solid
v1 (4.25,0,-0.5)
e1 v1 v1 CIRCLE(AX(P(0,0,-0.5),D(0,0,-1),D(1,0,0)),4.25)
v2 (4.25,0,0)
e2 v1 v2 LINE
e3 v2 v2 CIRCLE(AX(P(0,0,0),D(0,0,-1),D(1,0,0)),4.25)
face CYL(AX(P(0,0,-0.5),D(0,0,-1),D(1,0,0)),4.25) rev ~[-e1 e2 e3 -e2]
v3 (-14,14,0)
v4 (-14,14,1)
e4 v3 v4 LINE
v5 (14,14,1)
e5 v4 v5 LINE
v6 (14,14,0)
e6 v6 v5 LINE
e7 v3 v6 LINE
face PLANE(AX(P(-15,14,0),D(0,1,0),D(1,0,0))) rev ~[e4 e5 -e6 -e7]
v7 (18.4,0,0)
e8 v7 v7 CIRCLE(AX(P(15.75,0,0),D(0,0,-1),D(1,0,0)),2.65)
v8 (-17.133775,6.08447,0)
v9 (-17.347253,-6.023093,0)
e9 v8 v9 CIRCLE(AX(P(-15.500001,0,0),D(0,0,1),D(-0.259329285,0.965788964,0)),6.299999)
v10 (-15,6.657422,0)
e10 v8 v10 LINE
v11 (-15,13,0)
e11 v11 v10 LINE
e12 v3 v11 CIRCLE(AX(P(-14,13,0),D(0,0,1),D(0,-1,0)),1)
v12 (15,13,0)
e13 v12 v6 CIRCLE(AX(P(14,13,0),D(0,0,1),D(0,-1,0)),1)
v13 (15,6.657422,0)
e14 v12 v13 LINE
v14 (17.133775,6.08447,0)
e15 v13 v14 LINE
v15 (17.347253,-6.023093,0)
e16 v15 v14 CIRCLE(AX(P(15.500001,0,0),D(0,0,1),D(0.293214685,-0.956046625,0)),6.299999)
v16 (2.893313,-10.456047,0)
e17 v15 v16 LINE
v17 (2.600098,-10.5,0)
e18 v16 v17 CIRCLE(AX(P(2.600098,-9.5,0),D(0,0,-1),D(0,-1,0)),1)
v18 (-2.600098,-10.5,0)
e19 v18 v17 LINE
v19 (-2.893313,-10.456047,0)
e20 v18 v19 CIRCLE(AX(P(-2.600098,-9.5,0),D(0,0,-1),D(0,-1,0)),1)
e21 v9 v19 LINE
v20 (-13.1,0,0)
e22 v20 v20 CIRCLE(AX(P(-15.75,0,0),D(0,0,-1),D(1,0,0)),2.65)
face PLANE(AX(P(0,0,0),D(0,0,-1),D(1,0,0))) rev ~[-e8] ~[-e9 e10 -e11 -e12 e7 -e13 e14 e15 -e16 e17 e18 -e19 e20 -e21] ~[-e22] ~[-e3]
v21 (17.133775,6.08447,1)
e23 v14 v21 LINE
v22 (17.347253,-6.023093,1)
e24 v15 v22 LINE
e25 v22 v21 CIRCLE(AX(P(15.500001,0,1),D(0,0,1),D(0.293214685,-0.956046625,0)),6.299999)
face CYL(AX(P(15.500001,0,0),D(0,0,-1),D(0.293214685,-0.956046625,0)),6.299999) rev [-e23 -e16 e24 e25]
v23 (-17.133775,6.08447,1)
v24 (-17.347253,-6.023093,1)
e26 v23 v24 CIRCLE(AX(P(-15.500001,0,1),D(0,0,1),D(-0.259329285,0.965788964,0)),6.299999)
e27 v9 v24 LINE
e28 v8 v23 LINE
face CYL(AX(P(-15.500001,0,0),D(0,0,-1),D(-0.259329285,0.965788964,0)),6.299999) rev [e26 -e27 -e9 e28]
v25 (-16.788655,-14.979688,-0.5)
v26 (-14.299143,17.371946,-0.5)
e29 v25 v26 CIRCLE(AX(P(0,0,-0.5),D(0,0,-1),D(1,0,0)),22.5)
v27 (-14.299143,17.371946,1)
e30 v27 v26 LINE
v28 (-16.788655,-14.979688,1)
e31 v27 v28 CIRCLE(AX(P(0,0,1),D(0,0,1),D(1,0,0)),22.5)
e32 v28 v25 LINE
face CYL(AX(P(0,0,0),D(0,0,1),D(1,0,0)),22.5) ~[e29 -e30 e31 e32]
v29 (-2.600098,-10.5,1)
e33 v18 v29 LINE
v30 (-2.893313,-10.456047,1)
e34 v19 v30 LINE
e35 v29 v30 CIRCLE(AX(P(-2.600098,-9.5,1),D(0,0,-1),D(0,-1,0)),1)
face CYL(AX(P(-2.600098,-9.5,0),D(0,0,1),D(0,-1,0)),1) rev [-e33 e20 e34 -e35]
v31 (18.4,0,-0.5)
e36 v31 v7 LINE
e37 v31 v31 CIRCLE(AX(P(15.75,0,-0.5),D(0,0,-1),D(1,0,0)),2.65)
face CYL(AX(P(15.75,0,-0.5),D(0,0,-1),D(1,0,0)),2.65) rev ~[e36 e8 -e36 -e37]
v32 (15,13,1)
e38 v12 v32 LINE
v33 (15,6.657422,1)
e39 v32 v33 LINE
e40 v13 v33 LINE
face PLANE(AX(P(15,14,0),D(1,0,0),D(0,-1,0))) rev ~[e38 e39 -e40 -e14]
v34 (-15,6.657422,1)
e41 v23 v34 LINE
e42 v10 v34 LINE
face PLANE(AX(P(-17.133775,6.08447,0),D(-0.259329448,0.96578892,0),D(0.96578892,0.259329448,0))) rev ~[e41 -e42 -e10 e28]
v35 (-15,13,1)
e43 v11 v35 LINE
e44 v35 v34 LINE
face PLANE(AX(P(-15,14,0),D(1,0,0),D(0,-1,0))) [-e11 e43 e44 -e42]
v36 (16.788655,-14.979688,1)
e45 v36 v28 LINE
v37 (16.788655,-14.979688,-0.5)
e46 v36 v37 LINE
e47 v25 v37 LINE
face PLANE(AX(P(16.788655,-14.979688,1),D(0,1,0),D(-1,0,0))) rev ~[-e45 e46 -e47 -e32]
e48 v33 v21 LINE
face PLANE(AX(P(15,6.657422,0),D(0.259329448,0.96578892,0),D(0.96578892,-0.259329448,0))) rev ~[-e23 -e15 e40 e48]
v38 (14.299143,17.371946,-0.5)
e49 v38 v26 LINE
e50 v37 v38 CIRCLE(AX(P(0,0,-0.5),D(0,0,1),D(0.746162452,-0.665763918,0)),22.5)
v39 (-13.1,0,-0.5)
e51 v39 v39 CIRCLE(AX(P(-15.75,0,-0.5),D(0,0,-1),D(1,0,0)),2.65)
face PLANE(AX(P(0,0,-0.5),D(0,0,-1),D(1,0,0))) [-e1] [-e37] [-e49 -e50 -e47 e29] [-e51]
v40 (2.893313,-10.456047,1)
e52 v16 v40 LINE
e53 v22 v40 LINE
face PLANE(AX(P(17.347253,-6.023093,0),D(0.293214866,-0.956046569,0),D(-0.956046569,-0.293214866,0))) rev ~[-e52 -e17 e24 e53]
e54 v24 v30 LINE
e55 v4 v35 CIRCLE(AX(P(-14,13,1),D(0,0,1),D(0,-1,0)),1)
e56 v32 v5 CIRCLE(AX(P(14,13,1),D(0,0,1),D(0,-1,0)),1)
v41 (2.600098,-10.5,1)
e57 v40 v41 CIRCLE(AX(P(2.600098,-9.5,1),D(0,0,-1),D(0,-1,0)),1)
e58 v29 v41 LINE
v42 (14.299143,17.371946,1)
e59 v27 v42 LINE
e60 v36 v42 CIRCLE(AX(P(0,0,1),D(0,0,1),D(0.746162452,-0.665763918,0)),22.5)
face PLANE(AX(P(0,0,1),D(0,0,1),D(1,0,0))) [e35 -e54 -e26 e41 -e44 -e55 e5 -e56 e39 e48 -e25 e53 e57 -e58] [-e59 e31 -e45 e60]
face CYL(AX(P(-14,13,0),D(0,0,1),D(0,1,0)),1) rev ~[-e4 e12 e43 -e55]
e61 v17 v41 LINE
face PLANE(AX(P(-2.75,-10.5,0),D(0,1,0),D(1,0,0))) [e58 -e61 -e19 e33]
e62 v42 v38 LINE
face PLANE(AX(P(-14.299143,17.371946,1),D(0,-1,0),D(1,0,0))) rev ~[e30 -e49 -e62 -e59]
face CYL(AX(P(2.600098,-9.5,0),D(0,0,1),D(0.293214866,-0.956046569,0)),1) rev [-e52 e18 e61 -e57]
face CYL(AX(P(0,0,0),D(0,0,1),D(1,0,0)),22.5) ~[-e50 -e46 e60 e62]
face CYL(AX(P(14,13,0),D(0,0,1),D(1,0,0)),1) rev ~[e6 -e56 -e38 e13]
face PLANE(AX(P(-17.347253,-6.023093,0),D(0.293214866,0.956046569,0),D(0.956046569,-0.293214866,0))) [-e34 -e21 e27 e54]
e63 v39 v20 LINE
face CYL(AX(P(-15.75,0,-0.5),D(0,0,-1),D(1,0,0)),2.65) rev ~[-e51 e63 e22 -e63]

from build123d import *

# Parameters (mm, degrees)
SKETCH_R        = 22.5
PAD_DEPTH       = 1
SKETCH001_R     = 22.5
PAD001_DEPTH    = 0.5
SKETCH002_R     = 4.25
SKETCH002_R_2   = 2.65
POCKET_DEPTH    = 1.501
FILLET_R        = 1
FILLET001_R     = 1
POCKET001_DEPTH = 5


with BuildPart() as part:
    # Sketch → Pad (new body)
    with BuildSketch(Plane.XY):
        Circle(SKETCH_R)
        with BuildLine():
            ThreePointArc((17.347253, -6.023093), (21.799021, 0.111063), (17.133775, 6.08447))
            Line((15, 6.657422), (17.133775, 6.08447))
            Line((15, 14), (15, 6.657422))
            Line((-15, 14), (15, 14))
            Line((-15, 14), (-15, 6.657422))
            Line((-17.133775, 6.08447), (-15, 6.657422))
            ThreePointArc((-17.133775, 6.08447), (-21.799021, 0.111063), (-17.347253, -6.023093))
            Line((-17.347253, -6.023093), (-2.75, -10.5))
            Line((-2.75, -10.5), (2.75, -10.5))
            Line((17.347253, -6.023093), (2.75, -10.5))
        make_face(mode=Mode.SUBTRACT)
    extrude(amount=PAD_DEPTH)

    # Sketch001 (on Face12 of Pad) → Pad001 (join)
    with BuildSketch(Plane(origin=(0, 0, 0), x_dir=(1, 0, 0), z_dir=(0, 0, -1))):
        Circle(SKETCH001_R)
    extrude(amount=PAD001_DEPTH)

    # Sketch002 (on Face4 of Pad001) → Pocket (cut, through all)
    with BuildSketch(Plane(origin=(0, 0, -0.5), x_dir=(1, 0, 0), z_dir=(0, 0, -1))):
        Circle(SKETCH002_R)
        with Locations((-15.75, 0)):
            Circle(SKETCH002_R_2)
        with Locations((15.75, 0)):
            Circle(SKETCH002_R_2)
    extrude(amount=-POCKET_DEPTH, mode=Mode.SUBTRACT)

    # Fillet
    fillet_edges = [part.edges().sort_by_distance(p)[0] for p in [
        (15, 14, 0.5),
        (-15, 14, 0.5),
    ]]
    fillet(fillet_edges, radius=FILLET_R)

    # Fillet001
    fillet001_edges = [part.edges().sort_by_distance(p)[0] for p in [
        (-2.75, -10.5, 0.5),
        (2.75, -10.5, 0.5),
    ]]
    fillet(fillet001_edges, radius=FILLET001_R)

    # Sketch003 (on Face1 of Fillet001) → Pocket001 (cut)
    with BuildSketch(Plane.XY.offset(1)):
        with BuildLine():
            Line((-14.299143, 17.371946), (14.299143, 17.371946))
            ThreePointArc((14.299143, 17.371946), (0, 22.5), (-14.299143, 17.371946))
        make_face()
        with BuildLine():
            Line((16.788655, -14.979688), (-16.788655, -14.979688))
            ThreePointArc((-16.788655, -14.979688), (0, -22.5), (16.788655, -14.979688))
        make_face()
    extrude(amount=-POCKET001_DEPTH, mode=Mode.SUBTRACT)


solid = part.part
